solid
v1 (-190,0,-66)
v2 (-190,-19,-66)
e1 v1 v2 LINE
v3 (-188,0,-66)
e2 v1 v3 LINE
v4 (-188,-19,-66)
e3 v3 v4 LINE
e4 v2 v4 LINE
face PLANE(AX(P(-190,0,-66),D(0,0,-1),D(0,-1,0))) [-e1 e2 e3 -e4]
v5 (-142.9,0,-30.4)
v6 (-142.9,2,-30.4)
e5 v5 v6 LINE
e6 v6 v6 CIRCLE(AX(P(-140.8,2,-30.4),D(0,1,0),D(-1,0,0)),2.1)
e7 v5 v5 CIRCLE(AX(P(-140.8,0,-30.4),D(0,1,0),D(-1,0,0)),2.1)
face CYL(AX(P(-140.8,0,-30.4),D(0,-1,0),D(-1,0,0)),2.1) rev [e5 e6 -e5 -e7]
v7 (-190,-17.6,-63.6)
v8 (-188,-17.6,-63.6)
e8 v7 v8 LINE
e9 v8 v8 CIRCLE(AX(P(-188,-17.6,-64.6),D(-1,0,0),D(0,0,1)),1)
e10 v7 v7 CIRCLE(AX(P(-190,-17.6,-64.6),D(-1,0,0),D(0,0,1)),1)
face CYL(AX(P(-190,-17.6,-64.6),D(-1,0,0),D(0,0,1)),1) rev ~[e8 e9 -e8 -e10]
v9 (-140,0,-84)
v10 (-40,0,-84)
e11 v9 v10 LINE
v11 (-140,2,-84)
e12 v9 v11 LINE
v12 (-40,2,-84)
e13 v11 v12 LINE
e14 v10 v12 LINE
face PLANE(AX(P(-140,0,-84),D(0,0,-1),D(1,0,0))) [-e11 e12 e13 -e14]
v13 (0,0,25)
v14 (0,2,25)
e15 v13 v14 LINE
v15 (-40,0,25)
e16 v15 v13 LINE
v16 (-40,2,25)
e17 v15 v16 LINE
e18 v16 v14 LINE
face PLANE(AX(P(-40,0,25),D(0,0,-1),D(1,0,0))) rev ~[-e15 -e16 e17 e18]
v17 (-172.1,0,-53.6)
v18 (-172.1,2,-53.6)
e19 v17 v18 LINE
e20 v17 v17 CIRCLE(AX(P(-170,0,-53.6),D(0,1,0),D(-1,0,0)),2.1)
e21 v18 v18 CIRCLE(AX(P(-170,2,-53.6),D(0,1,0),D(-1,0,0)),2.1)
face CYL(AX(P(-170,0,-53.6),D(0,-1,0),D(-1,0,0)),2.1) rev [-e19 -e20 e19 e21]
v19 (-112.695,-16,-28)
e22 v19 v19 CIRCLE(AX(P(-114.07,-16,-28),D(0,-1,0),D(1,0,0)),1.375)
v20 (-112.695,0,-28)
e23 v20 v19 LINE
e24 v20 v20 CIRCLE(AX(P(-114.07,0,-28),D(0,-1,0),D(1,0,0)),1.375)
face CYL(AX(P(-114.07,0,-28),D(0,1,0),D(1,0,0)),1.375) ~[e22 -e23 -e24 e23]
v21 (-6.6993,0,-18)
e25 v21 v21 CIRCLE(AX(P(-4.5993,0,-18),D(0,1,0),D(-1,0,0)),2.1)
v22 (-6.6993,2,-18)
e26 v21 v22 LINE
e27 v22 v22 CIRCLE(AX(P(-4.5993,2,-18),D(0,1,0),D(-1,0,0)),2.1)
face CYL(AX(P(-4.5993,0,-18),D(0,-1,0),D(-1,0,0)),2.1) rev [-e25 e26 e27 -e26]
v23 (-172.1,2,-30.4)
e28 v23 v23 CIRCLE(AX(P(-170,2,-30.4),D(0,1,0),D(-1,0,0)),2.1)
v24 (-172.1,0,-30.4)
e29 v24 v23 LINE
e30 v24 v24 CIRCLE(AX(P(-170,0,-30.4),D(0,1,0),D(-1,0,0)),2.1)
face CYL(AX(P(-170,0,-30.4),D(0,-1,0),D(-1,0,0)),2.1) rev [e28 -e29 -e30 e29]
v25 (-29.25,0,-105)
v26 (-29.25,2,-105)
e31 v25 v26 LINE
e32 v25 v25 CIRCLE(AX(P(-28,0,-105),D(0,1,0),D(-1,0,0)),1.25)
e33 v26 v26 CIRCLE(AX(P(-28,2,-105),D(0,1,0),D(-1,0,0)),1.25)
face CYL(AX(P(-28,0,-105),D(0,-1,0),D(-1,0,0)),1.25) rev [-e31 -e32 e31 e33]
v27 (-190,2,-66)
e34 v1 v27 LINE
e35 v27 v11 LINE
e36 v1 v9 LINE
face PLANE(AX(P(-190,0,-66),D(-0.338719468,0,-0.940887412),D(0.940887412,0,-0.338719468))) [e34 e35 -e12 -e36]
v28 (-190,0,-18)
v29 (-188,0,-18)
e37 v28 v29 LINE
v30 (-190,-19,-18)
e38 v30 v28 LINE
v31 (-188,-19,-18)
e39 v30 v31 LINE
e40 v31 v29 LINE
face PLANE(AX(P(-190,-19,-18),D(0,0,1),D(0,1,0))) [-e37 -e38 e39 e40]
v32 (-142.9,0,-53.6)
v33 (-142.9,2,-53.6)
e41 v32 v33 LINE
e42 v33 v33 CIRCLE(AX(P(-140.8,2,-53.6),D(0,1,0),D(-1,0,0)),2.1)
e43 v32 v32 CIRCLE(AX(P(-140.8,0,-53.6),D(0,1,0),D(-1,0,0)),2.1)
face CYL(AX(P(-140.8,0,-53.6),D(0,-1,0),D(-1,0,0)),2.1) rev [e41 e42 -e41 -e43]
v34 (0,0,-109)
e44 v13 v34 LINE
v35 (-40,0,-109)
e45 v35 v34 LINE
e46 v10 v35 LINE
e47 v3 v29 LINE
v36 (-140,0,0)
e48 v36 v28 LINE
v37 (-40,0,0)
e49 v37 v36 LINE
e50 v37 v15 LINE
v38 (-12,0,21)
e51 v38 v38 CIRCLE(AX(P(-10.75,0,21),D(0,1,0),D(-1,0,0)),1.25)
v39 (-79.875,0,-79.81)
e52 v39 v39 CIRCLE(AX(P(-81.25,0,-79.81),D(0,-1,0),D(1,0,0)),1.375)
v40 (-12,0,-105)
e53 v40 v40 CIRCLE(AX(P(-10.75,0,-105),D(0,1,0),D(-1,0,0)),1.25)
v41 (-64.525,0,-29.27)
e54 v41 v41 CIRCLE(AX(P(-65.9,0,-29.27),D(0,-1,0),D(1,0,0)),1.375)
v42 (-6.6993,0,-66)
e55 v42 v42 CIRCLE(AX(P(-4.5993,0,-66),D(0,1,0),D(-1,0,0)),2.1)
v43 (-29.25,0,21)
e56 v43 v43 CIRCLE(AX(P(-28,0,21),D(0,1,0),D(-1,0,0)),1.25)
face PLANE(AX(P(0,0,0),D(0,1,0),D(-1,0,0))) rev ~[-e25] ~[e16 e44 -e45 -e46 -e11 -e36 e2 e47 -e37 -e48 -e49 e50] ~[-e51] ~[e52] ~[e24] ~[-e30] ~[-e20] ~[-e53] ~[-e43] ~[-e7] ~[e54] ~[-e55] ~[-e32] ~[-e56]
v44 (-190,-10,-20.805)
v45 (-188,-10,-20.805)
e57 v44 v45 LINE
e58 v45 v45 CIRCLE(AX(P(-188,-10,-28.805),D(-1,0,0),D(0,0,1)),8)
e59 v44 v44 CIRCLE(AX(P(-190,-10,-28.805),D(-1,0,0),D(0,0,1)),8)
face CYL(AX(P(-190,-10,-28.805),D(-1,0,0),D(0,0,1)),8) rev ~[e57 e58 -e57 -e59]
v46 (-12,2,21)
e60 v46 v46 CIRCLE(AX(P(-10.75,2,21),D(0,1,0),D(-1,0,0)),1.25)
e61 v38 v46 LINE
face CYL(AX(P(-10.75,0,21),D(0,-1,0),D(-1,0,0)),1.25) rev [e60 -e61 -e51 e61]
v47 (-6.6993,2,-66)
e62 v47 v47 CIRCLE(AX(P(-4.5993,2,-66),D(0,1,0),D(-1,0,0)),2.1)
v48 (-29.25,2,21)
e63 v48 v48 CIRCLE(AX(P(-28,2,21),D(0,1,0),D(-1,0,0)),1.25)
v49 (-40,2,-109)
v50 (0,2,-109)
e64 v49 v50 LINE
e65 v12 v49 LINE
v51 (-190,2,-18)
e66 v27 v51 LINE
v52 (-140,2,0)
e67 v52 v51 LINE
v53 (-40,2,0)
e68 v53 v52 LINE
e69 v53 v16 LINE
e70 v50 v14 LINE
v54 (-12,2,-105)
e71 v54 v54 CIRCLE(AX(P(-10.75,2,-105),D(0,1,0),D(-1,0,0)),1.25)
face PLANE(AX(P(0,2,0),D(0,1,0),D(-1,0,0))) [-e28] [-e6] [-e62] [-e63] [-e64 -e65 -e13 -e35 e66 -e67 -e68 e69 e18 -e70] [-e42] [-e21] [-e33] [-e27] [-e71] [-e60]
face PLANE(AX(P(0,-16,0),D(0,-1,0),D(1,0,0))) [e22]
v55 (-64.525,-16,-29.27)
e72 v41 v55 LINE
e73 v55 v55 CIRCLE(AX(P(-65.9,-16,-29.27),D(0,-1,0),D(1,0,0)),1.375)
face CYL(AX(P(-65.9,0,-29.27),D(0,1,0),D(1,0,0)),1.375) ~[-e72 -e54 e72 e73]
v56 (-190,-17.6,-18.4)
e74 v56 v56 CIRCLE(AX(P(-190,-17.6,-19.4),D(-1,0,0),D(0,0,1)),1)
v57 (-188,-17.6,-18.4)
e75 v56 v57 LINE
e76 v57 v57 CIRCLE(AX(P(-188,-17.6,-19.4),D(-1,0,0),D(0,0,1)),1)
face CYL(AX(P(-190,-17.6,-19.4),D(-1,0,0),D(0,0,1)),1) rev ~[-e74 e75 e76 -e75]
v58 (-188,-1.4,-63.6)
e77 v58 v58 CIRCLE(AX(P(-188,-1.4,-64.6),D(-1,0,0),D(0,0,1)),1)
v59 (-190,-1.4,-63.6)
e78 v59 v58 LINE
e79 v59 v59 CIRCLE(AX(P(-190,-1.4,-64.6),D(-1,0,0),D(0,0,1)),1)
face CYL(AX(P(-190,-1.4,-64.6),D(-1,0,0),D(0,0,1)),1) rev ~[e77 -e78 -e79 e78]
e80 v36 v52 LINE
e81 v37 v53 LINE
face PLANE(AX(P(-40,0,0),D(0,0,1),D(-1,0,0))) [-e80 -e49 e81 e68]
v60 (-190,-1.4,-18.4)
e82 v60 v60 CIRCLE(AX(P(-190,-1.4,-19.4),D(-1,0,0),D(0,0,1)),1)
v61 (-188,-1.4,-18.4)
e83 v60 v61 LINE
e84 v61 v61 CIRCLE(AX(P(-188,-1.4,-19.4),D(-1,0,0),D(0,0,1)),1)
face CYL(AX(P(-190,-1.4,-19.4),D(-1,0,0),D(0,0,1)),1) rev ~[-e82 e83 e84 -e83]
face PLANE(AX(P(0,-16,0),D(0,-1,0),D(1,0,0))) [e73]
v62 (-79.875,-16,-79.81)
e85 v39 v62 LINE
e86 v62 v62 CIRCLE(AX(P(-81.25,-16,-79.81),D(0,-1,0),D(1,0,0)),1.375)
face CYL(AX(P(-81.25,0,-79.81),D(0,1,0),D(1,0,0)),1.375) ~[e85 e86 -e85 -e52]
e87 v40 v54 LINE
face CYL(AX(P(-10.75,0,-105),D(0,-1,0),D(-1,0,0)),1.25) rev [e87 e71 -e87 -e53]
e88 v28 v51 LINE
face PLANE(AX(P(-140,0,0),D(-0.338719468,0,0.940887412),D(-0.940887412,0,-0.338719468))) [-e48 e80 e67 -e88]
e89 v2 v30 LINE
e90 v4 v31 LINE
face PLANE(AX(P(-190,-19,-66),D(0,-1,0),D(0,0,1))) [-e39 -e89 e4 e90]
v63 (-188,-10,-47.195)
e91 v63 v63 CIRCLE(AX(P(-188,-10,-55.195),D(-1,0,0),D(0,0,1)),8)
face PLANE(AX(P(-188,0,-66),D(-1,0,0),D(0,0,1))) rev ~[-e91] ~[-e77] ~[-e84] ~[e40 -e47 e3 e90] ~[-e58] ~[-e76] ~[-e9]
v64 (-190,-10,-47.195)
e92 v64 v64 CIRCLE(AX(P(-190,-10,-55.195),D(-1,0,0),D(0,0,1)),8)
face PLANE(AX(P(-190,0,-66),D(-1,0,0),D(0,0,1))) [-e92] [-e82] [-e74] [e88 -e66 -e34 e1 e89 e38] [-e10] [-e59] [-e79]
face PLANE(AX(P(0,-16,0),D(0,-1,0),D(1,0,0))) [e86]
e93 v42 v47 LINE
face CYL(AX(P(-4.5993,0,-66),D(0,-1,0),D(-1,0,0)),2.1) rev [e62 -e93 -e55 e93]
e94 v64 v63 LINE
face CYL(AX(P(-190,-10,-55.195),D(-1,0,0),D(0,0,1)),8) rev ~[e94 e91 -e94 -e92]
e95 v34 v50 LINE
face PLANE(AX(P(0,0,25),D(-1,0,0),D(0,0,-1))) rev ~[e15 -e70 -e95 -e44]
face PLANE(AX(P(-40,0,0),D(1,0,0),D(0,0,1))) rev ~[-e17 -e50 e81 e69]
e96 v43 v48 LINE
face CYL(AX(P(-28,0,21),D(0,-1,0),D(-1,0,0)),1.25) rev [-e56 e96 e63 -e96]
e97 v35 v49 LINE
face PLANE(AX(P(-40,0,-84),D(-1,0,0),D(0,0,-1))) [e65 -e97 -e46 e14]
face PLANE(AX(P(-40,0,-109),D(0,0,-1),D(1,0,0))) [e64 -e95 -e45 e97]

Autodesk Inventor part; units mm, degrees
ref_plane "YZ Plane" through (0, 0, 0) normal (1, 0, 0) x (0, 1, 0)
ref_plane "XZ Plane" through (0, 0, 0) normal (0, 1, 0) x (-1, 0, 0)
ref_plane "XY Plane" through (0, 0, 0) normal (0, 0, 1) x (1, 0, 0)
sketch "Szkic1" plane through (0, 0, 0) normal (0, 1, 0) x (-1, 0, 0)
  point P0 (0, 0)
sketch "Szkic2" plane through (0, 0, 0) normal (0, 1, 0) x (-1, 0, 0)
  line L0 (0, 0) -> (140, 0)
  line L1 (190, -18) -> (190, -66)
  line L2 (140, -84) -> (0, -84)
  line L3 (0, -84) -> (0, 0)
  line L4 (140, 0) -> (190, -18)
  line L5 (190, -66) -> (140, -84)
  circle A0 centre (170, -30.4) radius 2.1
  circle A1 centre (170, -53.6) radius 2.1
  line L6 (190, -42) -> (110.3864, -42)
  circle A2 centre (140.8, -30.4) radius 2.1
  circle A3 centre (140.8, -53.6) radius 2.1
  circle A4 centre (10.75, 21) radius 1.25
  circle A5 centre (10.75, -105) radius 1.25
  circle A6 centre (28, 21) radius 1.25
  circle A7 centre (28, -105) radius 1.25
  line L7 (0, -84) -> (40, -84)
  line L8 (40, -84) -> (40, -109)
  line L9 (40, -109) -> (0, -109)
  line L10 (0, -109) -> (0, -84)
  line L11 (0, 0) -> (40, 0)
  line L12 (40, 0) -> (40, 25)
  line L13 (40, 25) -> (0, 25)
  line L14 (0, 25) -> (0, 0)
  circle A8 centre (4.5993, -66) radius 2.1
  circle A9 centre (4.5993, -18) radius 2.1
  point P0 (20, -84)
  point P1 (20, -109)
  point P2 (40, -96.5)
  point P3 (40, 12.5)
  point P4 (0, 12.5)
  point P5 (40, 0)
  point P6 (40, -84)
  dimension "d3" = 48
  dimension "d4" = 140
  dimension "d5" = 84
  dimension "d6" = 4.2
  dimension "d7" = 4.2
  dimension "d8" = 23.2
  dimension "d9" = 11.6
  dimension "d10" = 4.2
  dimension "d11" = 29.2
  dimension "d12" = 4.2
  dimension "d13" = 2.5
  dimension "d14" = 2.5
  dimension "d15" = 2.5
  dimension "d16" = 2.5
  dimension "d17" = 28
  dimension "d18" = 28
  dimension "d19" = 42
  dimension "d20" = 50
  dimension "d21" = 50
  dimension "d46" = 17.25
  dimension "d47" = 17.25
  dimension "d73" = 23.2
  dimension "d74" = 29.2
  dimension "d78" = 20
  dimension "d79" = 20
  dimension "d80" = 49.2
  dimension "d83" = 25
  dimension "d84" = 40
  dimension "d85" = 25
  dimension "d86" = 40
  dimension "d87" = 4
  dimension "d88" = 4
  dimension "d89" = 4
  dimension "d90" = 4
  dimension "d91" = 4.2
  dimension "d92" = 4.2
  dimension "d93" = 18
  dimension "d94" = 18
extrude "Wyciągnięcie proste1" add sketch "Szkic2" along normal blind 2
sketch "Szkic3" plane through (-190, 0, -66) normal (-1, 0, 0) x (0, 0, 1)
  line L0 (0, 2) -> (48, 2) projected
  line L1 (48, 2) -> (0, 2)
  line L2 (0, 2) -> (0, -19)
  line L3 (0, -19) -> (48, -19)
  line L4 (48, -19) -> (48, 2)
  circle A0 centre (37.195, -10) radius 8
  line L5 (0, 0) -> (48, 0) projected
  circle A1 centre (10.805, -10) radius 8
  circle A2 centre (46.6, -1.4) radius 1
  circle A3 centre (46.6, -17.6) radius 1
  circle A4 centre (1.4, -17.6) radius 1
  circle A5 centre (1.4, -1.4) radius 1
  point P0 (66, 0)
  dimension "d24" = 48
  dimension "d25" = 21
  dimension "d26" = 10
  dimension "d28" = 16
  dimension "d29" = 10
  dimension "d31" = 16
  dimension "d32" = 1.4
  dimension "d33" = 1.4
  dimension "d34" = 1.4
  dimension "d35" = 1.4
  dimension "d36" = 1.4
  dimension "d37" = 1.4
  dimension "d38" = 1.4
  dimension "d39" = 1.4
  dimension "d40" = 2
  dimension "d41" = 2
  dimension "d42" = 2
  dimension "d43" = 2
  dimension "d75" = 26.39
  dimension "d76" = 10.805
  dimension "d77" = 10.805
extrude "Wyciągnięcie proste2" add sketch "Szkic3" against normal blind 2 contours L5 L4 L3 L2
sketch "Szkic4" plane through (0, 0, 0) normal (0, -1, 0) x (1, 0, 0)
  line L0 (-140, 0) -> (0, 0) projected
  line L1 (-40, -84) -> (-140, -84) projected
  line L2 (-55, -84) -> (-55, 0)
  line L3 (0, 0) -> (0, -109) projected
  line L4 (-125, -84) -> (-125, 0)
  circle A0 centre (-65.9, -29.27) radius 1.375
  circle A1 centre (-114.07, -28) radius 1.375
  circle A2 centre (-81.25, -79.81) radius 1.375
  point P0 (0, -84)
  point P1 (-70, 0)
  dimension "d60" = 55
  dimension "d61" = 70
  dimension "d62" = 2.75
  dimension "d63" = 10.9
  dimension "d64" = 29.27
  dimension "d65" = 2.75
  dimension "d66" = 28
  dimension "d67" = 59.07
  dimension "d68" = 79.81
  dimension "d69" = 2.75
  dimension "d70" = 26.25
extrude "Wyciągnięcie proste3" add sketch "Szkic4" along normal blind 16 contours A0 | A1 | A2
properties part number "robocik"
